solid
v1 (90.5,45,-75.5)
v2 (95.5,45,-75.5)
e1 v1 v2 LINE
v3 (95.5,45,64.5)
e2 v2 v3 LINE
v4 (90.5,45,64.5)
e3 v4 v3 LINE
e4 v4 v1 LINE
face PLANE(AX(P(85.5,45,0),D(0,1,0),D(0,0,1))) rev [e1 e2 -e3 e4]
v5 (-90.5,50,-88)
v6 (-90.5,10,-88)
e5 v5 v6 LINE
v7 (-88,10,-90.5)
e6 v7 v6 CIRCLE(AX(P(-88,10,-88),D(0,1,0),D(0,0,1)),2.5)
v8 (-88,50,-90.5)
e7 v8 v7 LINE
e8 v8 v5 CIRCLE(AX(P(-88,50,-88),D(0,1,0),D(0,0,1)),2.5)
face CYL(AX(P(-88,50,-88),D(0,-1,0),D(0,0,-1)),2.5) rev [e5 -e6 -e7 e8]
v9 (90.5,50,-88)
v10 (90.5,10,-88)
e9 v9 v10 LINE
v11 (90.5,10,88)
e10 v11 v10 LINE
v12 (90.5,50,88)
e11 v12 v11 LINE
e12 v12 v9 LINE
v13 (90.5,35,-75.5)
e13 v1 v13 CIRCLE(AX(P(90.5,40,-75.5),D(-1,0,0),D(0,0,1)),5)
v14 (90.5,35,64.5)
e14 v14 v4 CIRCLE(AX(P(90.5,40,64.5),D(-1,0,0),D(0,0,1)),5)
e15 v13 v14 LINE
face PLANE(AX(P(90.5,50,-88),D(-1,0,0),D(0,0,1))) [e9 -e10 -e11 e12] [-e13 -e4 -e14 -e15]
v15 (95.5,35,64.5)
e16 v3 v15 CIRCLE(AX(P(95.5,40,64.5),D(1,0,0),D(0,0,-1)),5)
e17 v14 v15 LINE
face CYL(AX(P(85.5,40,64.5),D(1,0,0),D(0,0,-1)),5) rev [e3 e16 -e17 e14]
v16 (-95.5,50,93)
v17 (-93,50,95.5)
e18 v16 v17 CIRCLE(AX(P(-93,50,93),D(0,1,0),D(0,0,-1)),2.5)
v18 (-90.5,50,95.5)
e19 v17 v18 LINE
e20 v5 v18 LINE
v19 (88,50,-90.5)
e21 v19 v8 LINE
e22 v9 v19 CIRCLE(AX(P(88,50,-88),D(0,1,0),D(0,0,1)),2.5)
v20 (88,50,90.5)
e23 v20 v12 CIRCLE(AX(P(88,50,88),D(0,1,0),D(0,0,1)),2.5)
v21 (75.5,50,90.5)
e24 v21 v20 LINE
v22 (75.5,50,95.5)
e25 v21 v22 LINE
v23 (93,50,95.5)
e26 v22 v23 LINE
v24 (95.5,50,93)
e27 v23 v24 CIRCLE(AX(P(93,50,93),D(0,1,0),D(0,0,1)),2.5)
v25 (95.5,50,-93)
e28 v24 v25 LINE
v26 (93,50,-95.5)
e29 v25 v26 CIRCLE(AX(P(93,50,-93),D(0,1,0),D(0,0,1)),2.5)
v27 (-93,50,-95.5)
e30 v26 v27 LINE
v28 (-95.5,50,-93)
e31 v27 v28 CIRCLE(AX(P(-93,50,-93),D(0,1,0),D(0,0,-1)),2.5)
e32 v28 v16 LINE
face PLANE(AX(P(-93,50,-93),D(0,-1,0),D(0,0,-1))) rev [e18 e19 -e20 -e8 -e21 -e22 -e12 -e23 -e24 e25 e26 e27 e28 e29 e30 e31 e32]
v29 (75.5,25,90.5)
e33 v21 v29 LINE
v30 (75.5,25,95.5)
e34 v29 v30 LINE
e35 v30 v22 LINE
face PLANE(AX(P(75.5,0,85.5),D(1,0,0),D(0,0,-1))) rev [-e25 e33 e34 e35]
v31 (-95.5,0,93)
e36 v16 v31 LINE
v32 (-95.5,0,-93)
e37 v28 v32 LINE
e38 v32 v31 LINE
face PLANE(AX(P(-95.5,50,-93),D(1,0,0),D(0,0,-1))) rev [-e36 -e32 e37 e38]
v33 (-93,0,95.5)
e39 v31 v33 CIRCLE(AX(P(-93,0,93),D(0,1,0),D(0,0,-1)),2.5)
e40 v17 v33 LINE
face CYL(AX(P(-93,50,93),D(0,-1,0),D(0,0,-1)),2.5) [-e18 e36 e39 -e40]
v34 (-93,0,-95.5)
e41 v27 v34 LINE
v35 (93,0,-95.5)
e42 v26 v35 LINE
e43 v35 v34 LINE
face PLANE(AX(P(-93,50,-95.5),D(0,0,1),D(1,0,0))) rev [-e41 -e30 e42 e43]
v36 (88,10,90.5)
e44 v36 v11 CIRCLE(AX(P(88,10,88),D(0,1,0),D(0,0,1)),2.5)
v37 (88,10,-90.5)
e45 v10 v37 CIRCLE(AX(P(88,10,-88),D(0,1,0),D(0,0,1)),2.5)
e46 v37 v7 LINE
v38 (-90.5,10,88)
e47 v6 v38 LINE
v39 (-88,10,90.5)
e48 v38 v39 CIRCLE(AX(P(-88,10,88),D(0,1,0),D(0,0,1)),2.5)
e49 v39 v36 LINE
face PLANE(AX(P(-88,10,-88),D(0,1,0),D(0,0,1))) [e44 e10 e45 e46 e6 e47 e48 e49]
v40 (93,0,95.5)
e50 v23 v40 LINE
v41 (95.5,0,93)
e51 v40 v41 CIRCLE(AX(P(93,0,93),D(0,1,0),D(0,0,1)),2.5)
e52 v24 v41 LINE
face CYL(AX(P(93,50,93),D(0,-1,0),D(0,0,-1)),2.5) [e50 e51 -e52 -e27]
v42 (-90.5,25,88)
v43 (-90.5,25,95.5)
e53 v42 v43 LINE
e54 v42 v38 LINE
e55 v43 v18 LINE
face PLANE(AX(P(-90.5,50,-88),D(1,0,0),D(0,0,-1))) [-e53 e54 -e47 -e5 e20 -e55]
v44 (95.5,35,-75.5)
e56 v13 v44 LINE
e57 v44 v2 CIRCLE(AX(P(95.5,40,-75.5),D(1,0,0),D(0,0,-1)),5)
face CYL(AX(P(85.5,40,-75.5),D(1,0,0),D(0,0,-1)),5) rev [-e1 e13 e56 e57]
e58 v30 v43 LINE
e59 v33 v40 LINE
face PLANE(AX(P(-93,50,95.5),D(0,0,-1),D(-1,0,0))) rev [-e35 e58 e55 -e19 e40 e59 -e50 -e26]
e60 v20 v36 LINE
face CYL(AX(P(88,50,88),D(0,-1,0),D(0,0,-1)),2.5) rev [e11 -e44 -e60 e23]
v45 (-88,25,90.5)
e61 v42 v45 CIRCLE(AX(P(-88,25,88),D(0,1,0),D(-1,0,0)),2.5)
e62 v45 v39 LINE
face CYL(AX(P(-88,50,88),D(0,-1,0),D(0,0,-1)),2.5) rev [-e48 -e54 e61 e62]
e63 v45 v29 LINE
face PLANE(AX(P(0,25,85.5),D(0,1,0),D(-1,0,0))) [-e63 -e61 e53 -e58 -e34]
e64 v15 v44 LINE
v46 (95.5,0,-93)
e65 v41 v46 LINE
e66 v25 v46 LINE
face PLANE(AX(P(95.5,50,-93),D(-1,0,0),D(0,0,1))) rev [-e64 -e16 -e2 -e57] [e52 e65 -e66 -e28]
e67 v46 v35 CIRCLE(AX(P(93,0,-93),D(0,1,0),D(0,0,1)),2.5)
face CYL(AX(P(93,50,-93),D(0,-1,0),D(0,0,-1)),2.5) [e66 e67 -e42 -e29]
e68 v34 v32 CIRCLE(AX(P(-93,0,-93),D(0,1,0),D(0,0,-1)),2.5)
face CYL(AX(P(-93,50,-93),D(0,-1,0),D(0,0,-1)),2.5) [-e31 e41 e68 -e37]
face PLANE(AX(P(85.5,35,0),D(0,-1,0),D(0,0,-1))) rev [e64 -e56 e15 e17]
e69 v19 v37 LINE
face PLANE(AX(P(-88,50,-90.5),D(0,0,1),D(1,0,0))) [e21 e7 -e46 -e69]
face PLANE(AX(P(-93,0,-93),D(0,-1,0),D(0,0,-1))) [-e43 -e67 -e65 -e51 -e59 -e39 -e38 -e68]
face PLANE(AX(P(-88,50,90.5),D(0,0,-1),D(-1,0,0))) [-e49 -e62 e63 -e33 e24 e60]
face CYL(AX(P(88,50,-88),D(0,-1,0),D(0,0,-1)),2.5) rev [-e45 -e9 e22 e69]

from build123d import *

# Parameters (mm, degrees)
BOSS_EXTRUDE2_DEPTH = 50
BOSS_EXTRUDE3_DEPTH = 10
CUT_EXTRUDE1_DEPTH  = 10
SKETCH4_W           = 140
SKETCH4_H           = 10
CUT_EXTRUDE2_DEPTH  = 10


with BuildPart() as part:
    # Sketch1 → Boss-Extrude2 (new body)
    with BuildSketch(Plane(origin=(0, 0, 0), x_dir=(1, 0, 0), z_dir=(0, 1, 0))):
        with BuildLine():
            Line((-93, 95.5), (93, 95.5))
            ThreePointArc((93, 95.5), (94.767766953, 94.767766953), (95.5, 93))
            Line((95.5, 93), (95.5, -93))
            ThreePointArc((95.5, -93), (94.767766953, -94.767766953), (93, -95.5))
            Line((93, -95.5), (-93, -95.5))
            ThreePointArc((-93, -95.5), (-94.767766953, -94.767766953), (-95.5, -93))
            Line((-95.5, -93), (-95.5, 93))
            ThreePointArc((-95.5, 93), (-94.767766953, 94.767766953), (-93, 95.5))
        make_face()
        with BuildLine():
            Line((-88, 90.5), (88, 90.5))
            ThreePointArc((88, 90.5), (89.767766953, 89.767766953), (90.5, 88))
            Line((90.5, 88), (90.5, -88))
            ThreePointArc((90.5, -88), (89.767766953, -89.767766953), (88, -90.5))
            Line((88, -90.5), (-88, -90.5))
            ThreePointArc((-88, -90.5), (-89.767766953, -89.767766953), (-90.5, -88))
            Line((-90.5, -88), (-90.5, 88))
            ThreePointArc((-90.5, 88), (-89.767766953, 89.767766953), (-88, 90.5))
        make_face(mode=Mode.SUBTRACT)
    extrude(amount=BOSS_EXTRUDE2_DEPTH)

    # Sketch2 → Boss-Extrude3 (add)
    with BuildSketch(Plane(origin=(0, 0, 0), x_dir=(1, 0, 0), z_dir=(0, 1, 0))):
        with BuildLine():
            Line((-88, 90.5), (88, 90.5))
            ThreePointArc((88, 90.5), (89.767766953, 89.767766953), (90.5, 88))
            Line((90.5, 88), (90.5, -88))
            ThreePointArc((90.5, -88), (89.767766953, -89.767766953), (88, -90.5))
            Line((88, -90.5), (-88, -90.5))
            ThreePointArc((-88, -90.5), (-89.767766953, -89.767766953), (-90.5, -88))
            Line((-90.5, -88), (-90.5, 88))
            ThreePointArc((-90.5, 88), (-89.767766953, 89.767766953), (-88, 90.5))
        make_face()
    extrude(amount=BOSS_EXTRUDE3_DEPTH)

    # Sketch3 → Cut-Extrude1 (cut)
    with BuildSketch(Plane.XY.offset(95.5)):
        Polygon((-90.5, 25), (0, 25), (75.5, 25), (75.5, 50), (-90.5, 50), align=None)
    extrude(amount=-CUT_EXTRUDE1_DEPTH, mode=Mode.SUBTRACT)

    # Sketch4 → Cut-Extrude2 (cut)
    with BuildSketch(Plane(origin=(95.5, 0, 0), x_dir=(0, 0, -1), z_dir=(1, 0, 0))):
        with Locations((5.5, 40)):
            Rectangle(SKETCH4_W, SKETCH4_H)
        with BuildLine():
            Line((75.5, 35), (75.5, 45))
            ThreePointArc((75.5, 45), (80.5, 40), (75.5, 35))
        make_face()
        with BuildLine():
            Line((-64.5, 35), (-64.5, 45))
            ThreePointArc((-64.5, 45), (-69.5, 40), (-64.5, 35))
        make_face()
    extrude(amount=-CUT_EXTRUDE2_DEPTH, mode=Mode.SUBTRACT)


solid = part.part
